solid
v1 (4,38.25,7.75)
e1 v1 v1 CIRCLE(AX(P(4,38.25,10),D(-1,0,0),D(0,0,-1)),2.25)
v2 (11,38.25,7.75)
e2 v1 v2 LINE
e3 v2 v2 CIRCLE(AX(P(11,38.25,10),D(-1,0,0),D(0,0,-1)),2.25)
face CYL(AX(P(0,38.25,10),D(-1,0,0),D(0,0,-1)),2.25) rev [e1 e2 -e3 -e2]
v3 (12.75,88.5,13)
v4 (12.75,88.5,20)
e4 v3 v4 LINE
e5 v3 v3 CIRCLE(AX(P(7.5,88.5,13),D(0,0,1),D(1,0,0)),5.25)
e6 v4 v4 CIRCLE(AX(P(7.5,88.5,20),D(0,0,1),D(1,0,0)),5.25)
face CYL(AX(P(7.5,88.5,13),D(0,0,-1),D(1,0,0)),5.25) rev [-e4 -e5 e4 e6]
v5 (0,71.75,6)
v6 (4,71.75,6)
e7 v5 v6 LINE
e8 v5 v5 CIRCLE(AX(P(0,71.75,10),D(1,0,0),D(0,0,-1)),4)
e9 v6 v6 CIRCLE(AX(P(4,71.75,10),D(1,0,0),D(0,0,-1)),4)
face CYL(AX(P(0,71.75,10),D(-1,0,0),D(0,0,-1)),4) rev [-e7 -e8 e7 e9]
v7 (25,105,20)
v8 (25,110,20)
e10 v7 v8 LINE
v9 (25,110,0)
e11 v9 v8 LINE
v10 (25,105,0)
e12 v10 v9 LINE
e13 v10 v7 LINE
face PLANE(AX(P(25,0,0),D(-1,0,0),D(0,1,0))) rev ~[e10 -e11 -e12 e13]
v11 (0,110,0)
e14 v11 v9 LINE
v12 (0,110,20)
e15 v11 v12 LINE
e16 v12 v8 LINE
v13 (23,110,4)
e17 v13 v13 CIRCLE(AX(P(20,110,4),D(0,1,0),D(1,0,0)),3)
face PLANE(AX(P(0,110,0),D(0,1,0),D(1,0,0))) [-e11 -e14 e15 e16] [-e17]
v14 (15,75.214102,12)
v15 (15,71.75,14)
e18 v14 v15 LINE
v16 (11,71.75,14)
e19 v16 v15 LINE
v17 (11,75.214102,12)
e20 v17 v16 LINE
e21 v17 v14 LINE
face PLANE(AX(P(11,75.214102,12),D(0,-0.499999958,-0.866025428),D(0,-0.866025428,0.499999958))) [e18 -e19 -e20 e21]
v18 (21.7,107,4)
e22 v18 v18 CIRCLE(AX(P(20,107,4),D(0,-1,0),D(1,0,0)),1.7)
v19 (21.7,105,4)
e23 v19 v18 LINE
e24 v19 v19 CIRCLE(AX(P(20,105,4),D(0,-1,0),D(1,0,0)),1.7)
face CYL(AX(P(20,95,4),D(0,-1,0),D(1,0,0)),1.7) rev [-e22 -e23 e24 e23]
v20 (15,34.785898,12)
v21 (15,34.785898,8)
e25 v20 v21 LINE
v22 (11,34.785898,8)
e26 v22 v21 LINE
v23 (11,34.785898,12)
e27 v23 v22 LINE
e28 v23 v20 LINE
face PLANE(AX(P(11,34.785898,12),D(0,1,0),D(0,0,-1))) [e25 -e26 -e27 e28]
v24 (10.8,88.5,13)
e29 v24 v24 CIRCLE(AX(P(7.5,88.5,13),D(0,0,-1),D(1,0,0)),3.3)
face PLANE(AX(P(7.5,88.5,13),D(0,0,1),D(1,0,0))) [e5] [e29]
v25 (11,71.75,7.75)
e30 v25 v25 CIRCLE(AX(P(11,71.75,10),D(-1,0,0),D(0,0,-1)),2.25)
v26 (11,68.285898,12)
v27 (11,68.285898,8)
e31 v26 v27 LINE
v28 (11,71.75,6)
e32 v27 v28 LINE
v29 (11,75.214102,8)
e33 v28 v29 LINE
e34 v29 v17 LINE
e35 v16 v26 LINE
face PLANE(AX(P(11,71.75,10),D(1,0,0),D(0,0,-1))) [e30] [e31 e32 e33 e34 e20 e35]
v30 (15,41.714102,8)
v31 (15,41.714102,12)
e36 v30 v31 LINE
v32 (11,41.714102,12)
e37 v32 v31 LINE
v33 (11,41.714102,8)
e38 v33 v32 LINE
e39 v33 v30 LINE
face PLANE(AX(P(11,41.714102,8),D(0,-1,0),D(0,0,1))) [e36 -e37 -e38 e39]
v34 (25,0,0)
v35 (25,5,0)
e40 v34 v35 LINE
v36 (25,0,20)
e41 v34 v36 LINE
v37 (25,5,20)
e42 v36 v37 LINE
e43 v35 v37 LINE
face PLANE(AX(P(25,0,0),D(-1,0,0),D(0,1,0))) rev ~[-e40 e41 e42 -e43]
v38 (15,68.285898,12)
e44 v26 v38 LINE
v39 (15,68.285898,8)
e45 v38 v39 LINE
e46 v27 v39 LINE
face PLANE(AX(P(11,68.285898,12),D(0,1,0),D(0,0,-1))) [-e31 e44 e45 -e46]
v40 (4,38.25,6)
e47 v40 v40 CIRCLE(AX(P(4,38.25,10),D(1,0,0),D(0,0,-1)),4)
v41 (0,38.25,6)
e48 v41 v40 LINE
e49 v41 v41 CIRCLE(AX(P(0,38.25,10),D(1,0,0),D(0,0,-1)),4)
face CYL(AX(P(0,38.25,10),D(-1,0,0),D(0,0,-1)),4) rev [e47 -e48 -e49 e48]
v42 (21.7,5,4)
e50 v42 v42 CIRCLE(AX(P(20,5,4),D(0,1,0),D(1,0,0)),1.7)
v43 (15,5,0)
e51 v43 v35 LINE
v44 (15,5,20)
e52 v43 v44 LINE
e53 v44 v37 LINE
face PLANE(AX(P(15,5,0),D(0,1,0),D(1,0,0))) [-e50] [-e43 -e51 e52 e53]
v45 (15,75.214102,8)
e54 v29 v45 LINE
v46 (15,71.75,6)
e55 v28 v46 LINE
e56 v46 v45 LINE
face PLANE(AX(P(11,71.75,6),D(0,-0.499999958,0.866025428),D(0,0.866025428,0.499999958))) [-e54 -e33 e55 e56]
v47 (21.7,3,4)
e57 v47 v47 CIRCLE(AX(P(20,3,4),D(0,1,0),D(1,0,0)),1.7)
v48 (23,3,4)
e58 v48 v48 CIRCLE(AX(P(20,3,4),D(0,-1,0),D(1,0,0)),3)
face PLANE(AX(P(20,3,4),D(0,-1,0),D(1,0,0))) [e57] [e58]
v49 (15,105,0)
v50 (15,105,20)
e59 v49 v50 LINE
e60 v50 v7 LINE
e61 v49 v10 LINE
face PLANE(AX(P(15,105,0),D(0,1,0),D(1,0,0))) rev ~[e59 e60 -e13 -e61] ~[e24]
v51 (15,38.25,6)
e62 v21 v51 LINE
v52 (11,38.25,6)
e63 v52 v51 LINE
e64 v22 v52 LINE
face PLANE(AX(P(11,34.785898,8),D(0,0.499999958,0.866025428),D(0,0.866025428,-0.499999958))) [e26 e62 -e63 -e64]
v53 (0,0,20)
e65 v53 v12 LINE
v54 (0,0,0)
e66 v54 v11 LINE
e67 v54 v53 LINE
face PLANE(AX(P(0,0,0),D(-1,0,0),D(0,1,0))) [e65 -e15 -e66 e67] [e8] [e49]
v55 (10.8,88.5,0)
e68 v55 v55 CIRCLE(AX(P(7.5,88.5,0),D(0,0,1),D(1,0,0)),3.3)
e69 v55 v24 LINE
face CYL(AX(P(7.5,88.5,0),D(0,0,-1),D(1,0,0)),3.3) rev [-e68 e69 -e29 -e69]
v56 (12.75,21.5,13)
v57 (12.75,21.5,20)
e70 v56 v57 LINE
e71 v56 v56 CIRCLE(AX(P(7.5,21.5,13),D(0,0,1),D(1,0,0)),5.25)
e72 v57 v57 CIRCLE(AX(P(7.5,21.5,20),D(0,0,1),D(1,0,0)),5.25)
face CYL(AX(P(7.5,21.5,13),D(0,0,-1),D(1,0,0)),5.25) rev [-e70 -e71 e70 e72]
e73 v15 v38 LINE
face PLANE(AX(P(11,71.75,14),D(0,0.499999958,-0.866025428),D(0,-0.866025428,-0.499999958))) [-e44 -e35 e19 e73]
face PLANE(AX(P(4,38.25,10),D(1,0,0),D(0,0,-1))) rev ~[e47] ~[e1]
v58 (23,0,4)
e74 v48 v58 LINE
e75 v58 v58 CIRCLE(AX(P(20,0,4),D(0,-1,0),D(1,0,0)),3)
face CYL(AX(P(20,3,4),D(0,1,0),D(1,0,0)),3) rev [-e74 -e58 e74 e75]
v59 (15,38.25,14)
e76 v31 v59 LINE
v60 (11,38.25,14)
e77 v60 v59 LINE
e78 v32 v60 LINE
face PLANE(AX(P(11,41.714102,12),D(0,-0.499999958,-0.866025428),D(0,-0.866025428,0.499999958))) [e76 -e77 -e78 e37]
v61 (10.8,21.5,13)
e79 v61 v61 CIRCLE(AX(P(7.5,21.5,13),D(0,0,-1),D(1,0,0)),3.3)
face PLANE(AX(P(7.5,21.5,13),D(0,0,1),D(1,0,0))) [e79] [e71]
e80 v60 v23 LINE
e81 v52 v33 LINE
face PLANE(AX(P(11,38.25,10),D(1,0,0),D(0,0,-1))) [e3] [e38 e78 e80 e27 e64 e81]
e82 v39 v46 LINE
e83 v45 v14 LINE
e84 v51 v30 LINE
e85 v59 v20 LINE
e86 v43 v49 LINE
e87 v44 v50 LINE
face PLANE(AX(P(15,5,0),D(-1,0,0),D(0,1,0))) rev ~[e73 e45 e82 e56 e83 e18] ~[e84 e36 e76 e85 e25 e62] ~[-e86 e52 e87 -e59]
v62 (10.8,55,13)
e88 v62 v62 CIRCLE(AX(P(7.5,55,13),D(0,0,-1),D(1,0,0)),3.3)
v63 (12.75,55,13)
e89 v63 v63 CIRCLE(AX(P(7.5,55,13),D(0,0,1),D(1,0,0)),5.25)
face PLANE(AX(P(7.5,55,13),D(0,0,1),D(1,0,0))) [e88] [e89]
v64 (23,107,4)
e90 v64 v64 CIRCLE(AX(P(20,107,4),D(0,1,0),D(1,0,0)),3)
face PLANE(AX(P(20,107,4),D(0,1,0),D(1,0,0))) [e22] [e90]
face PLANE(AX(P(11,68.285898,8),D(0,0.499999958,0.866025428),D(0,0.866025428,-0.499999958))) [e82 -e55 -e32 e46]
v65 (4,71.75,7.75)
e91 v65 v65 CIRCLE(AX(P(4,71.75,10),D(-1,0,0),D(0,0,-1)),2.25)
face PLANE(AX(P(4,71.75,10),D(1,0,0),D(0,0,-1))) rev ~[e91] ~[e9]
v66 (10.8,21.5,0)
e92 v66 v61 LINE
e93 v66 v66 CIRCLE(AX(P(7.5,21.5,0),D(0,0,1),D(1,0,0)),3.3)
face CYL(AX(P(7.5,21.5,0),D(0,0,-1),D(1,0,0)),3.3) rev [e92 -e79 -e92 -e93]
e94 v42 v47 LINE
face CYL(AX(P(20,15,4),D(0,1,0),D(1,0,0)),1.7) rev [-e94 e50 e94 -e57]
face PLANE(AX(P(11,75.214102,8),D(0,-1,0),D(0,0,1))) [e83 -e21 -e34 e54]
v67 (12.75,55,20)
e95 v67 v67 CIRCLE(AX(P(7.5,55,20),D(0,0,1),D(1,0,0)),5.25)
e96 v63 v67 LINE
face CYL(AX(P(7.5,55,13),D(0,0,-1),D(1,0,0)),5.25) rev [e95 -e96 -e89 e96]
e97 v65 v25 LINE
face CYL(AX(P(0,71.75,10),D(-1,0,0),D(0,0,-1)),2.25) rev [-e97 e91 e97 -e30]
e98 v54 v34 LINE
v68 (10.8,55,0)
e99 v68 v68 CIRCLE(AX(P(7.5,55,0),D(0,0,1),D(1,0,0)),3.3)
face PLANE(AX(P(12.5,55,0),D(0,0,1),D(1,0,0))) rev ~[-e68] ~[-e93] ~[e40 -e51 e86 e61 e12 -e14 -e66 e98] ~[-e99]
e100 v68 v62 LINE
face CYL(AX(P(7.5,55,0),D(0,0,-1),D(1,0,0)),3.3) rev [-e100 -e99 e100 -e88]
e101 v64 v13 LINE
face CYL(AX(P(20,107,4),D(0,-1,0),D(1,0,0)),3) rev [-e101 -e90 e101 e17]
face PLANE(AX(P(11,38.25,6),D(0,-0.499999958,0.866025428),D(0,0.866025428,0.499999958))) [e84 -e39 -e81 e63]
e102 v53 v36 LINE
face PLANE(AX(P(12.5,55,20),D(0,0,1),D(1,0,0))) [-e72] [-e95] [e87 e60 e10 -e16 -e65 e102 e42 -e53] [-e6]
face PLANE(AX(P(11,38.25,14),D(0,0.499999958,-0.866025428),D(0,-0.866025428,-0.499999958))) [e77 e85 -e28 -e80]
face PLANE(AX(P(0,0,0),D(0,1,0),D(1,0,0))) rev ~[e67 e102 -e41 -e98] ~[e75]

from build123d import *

# Parameters (mm, degrees)
PAD001_DEPTH              = 4
BODY001_PLACEMENT_ANGLE   = 90
PAD_DEPTH                 = 4
BODY_PLACEMENT_ANGLE      = 90
CYLINDER011_R             = 2.25
CYLINDER011_DEPTH         = 15
CYLINDER010_R             = 4
CYLINDER010_DEPTH         = 4
CYLINDER009_R             = 2.25
CYLINDER009_DEPTH         = 15
CYLINDER008_R             = 4
CYLINDER008_DEPTH         = 4
CYLINDER007_R             = 1.7
CYLINDER007_DEPTH         = 15
CYLINDER006_R             = 3
CYLINDER006_DEPTH         = 3
FUSION003_PLACEMENT_ANGLE = 270
CYLINDER005_R             = 1.7
CYLINDER005_DEPTH         = 15
CYLINDER004_R             = 3
CYLINDER004_DEPTH         = 3
FUSION002_PLACEMENT_ANGLE = 90
CYLINDER001_R             = 5.25
CYLINDER001_DEPTH         = 7
CYLINDER_R                = 3.3
CYLINDER_DEPTH            = 20
ARRAY001_Y_COUNT          = 3
ARRAY001_Y_PITCH          = 33.5
BOX002_W                  = 10
BOX002_H                  = 100
BOX002_DEPTH              = 20
BOX001_W                  = 25
BOX001_H                  = 110
BOX001_DEPTH              = 20


with BuildPart() as body001:
    # Sketch001 → Pad001 (new body)
    with BuildSketch(Plane.XY):
        Polygon((4, 0), (2, 3.464102), (-2, 3.464102), (-4, 0), (-2, -3.464102), (2, -3.464102), align=None)
    extrude(amount=PAD001_DEPTH)


with BuildPart() as body001_1:
    # Body001 placement: moved
    add(body001.part.moved(Location((11, 71.75, 10))).rotate(Axis((11, 71.75, 10), (0, 1, 0)), BODY001_PLACEMENT_ANGLE))


with BuildPart() as fusion008:
    # Sketch → Pad (new body)
    with BuildSketch(Plane.XY):
        Polygon((4, 0), (2, 3.464102), (-2, 3.464102), (-4, 0), (-2, -3.464102), (2, -3.464102), align=None)
    extrude(amount=PAD_DEPTH)


with BuildPart() as fusion008_1:
    # Body placement: moved
    add(fusion008.part.moved(Location((11, 38.25, 10))).rotate(Axis((11, 38.25, 10), (0, 1, 0)), BODY_PLACEMENT_ANGLE))

    # Fusion008: union Body001
    add(body001_1.part)


with BuildPart() as cylinder011:
    # Cylinder011 → Cylinder011 (new body)
    with BuildSketch(Plane(origin=(0, 0, 0), x_dir=(0, 0, -1), z_dir=(1, 0, 0))):
        Circle(CYLINDER011_R)
    extrude(amount=CYLINDER011_DEPTH)


with BuildPart() as m4screwtpl002:
    # Cylinder010 → Cylinder010 (new body)
    with BuildSketch(Plane(origin=(0, 0, 0), x_dir=(0, 0, -1), z_dir=(1, 0, 0))):
        Circle(CYLINDER010_R)
    extrude(amount=CYLINDER010_DEPTH)

    # Fusion006: union Cylinder011
    add(cylinder011.part)


with BuildPart() as m4screwtpl002_1:
    # Fusion006 placement: moved
    add(m4screwtpl002.part.moved(Location((0, 71.75, 10))))


with BuildPart() as cylinder009:
    # Cylinder009 → Cylinder009 (new body)
    with BuildSketch(Plane(origin=(0, 0, 0), x_dir=(0, 0, -1), z_dir=(1, 0, 0))):
        Circle(CYLINDER009_R)
    extrude(amount=CYLINDER009_DEPTH)


with BuildPart() as fusion007:
    # Cylinder008 → Cylinder008 (new body)
    with BuildSketch(Plane(origin=(0, 0, 0), x_dir=(0, 0, -1), z_dir=(1, 0, 0))):
        Circle(CYLINDER008_R)
    extrude(amount=CYLINDER008_DEPTH)

    # Fusion005: union Cylinder009
    add(cylinder009.part)


with BuildPart() as fusion007_1:
    # Fusion005 placement: moved
    add(fusion007.part.moved(Location((0, 38.25, 10))))

    # Fusion007: union M4ScrewTPL002
    add(m4screwtpl002_1.part)


with BuildPart() as cylinder007:
    # Cylinder007 → Cylinder007 (new body)
    with BuildSketch(Plane.XY):
        Circle(CYLINDER007_R)
    extrude(amount=CYLINDER007_DEPTH)


with BuildPart() as m3screwtpl002:
    # Cylinder006 → Cylinder006 (new body)
    with BuildSketch(Plane.XY.offset(12)):
        Circle(CYLINDER006_R)
    extrude(amount=CYLINDER006_DEPTH)

    # Fusion003: union Cylinder007
    add(cylinder007.part)


with BuildPart() as m3screwtpl002_1:
    # Fusion003 placement: moved
    add(m3screwtpl002.part.moved(Location((20, 95, 4))).rotate(Axis((20, 95, 4), (1, 0, 0)), FUSION003_PLACEMENT_ANGLE))


with BuildPart() as cylinder005:
    # Cylinder005 → Cylinder005 (new body)
    with BuildSketch(Plane.XY):
        Circle(CYLINDER005_R)
    extrude(amount=CYLINDER005_DEPTH)


with BuildPart() as fusion004:
    # Cylinder004 → Cylinder004 (new body)
    with BuildSketch(Plane.XY.offset(12)):
        Circle(CYLINDER004_R)
    extrude(amount=CYLINDER004_DEPTH)

    # Fusion002: union Cylinder005
    add(cylinder005.part)


with BuildPart() as fusion004_1:
    # Fusion002 placement: moved
    add(fusion004.part.moved(Location((20, 15, 4))).rotate(Axis((20, 15, 4), (1, 0, 0)), FUSION002_PLACEMENT_ANGLE))

    # Fusion004: union M3ScrewTPL002
    add(m3screwtpl002_1.part)


with BuildPart() as cylinder001:
    # Cylinder001 → Cylinder001 (new body)
    with BuildSketch(Plane.XY.offset(13)):
        Circle(CYLINDER001_R)
    extrude(amount=CYLINDER001_DEPTH)


with BuildPart() as array001:
    # Cylinder → Cylinder (new body)
    with BuildSketch(Plane.XY):
        Circle(CYLINDER_R)
    extrude(amount=CYLINDER_DEPTH)

    # Fusion: union Cylinder001
    add(cylinder001.part)


with BuildPart() as array001_1:
    # Fusion placement: moved
    add(array001.part.moved(Location((7.5, 0, 0))))

    # Array001 Y: Array001 ×3


with BuildPart() as array001_2:
    add(array001_1.part)
    with Locations(*[(0, i * ARRAY001_Y_PITCH, 0) for i in range(1, ARRAY001_Y_COUNT)]):
        add(array001_1.part)


with BuildPart() as array001_3:
    # Array001 placement: moved
    add(array001_2.part.moved(Location((0, 21.5, 0))))


with BuildPart() as cube002:
    # Box002 → Box002 (new body)
    with BuildSketch(Plane(origin=(15, 5, 0), x_dir=(1, 0, 0), z_dir=(0, 0, 1))):
        with Locations((5, 50)):
            Rectangle(BOX002_W, BOX002_H)
    extrude(amount=BOX002_DEPTH)


with BuildPart() as variablechuck:
    # Box001 → Box001 (new body)
    with BuildSketch(Plane.XY):
        with Locations((12.5, 55)):
            Rectangle(BOX001_W, BOX001_H)
    extrude(amount=BOX001_DEPTH)

    # Cut: cut Cube002
    add(cube002.part, mode=Mode.SUBTRACT)

    # Cut001: cut Array001
    add(array001_3.part, mode=Mode.SUBTRACT)

    # Cut004: cut Fusion004
    add(fusion004_1.part, mode=Mode.SUBTRACT)

    # Cut005: cut Fusion007
    add(fusion007_1.part, mode=Mode.SUBTRACT)

    # Cut006: cut Fusion008
    add(fusion008_1.part, mode=Mode.SUBTRACT)


solid = variablechuck.part
